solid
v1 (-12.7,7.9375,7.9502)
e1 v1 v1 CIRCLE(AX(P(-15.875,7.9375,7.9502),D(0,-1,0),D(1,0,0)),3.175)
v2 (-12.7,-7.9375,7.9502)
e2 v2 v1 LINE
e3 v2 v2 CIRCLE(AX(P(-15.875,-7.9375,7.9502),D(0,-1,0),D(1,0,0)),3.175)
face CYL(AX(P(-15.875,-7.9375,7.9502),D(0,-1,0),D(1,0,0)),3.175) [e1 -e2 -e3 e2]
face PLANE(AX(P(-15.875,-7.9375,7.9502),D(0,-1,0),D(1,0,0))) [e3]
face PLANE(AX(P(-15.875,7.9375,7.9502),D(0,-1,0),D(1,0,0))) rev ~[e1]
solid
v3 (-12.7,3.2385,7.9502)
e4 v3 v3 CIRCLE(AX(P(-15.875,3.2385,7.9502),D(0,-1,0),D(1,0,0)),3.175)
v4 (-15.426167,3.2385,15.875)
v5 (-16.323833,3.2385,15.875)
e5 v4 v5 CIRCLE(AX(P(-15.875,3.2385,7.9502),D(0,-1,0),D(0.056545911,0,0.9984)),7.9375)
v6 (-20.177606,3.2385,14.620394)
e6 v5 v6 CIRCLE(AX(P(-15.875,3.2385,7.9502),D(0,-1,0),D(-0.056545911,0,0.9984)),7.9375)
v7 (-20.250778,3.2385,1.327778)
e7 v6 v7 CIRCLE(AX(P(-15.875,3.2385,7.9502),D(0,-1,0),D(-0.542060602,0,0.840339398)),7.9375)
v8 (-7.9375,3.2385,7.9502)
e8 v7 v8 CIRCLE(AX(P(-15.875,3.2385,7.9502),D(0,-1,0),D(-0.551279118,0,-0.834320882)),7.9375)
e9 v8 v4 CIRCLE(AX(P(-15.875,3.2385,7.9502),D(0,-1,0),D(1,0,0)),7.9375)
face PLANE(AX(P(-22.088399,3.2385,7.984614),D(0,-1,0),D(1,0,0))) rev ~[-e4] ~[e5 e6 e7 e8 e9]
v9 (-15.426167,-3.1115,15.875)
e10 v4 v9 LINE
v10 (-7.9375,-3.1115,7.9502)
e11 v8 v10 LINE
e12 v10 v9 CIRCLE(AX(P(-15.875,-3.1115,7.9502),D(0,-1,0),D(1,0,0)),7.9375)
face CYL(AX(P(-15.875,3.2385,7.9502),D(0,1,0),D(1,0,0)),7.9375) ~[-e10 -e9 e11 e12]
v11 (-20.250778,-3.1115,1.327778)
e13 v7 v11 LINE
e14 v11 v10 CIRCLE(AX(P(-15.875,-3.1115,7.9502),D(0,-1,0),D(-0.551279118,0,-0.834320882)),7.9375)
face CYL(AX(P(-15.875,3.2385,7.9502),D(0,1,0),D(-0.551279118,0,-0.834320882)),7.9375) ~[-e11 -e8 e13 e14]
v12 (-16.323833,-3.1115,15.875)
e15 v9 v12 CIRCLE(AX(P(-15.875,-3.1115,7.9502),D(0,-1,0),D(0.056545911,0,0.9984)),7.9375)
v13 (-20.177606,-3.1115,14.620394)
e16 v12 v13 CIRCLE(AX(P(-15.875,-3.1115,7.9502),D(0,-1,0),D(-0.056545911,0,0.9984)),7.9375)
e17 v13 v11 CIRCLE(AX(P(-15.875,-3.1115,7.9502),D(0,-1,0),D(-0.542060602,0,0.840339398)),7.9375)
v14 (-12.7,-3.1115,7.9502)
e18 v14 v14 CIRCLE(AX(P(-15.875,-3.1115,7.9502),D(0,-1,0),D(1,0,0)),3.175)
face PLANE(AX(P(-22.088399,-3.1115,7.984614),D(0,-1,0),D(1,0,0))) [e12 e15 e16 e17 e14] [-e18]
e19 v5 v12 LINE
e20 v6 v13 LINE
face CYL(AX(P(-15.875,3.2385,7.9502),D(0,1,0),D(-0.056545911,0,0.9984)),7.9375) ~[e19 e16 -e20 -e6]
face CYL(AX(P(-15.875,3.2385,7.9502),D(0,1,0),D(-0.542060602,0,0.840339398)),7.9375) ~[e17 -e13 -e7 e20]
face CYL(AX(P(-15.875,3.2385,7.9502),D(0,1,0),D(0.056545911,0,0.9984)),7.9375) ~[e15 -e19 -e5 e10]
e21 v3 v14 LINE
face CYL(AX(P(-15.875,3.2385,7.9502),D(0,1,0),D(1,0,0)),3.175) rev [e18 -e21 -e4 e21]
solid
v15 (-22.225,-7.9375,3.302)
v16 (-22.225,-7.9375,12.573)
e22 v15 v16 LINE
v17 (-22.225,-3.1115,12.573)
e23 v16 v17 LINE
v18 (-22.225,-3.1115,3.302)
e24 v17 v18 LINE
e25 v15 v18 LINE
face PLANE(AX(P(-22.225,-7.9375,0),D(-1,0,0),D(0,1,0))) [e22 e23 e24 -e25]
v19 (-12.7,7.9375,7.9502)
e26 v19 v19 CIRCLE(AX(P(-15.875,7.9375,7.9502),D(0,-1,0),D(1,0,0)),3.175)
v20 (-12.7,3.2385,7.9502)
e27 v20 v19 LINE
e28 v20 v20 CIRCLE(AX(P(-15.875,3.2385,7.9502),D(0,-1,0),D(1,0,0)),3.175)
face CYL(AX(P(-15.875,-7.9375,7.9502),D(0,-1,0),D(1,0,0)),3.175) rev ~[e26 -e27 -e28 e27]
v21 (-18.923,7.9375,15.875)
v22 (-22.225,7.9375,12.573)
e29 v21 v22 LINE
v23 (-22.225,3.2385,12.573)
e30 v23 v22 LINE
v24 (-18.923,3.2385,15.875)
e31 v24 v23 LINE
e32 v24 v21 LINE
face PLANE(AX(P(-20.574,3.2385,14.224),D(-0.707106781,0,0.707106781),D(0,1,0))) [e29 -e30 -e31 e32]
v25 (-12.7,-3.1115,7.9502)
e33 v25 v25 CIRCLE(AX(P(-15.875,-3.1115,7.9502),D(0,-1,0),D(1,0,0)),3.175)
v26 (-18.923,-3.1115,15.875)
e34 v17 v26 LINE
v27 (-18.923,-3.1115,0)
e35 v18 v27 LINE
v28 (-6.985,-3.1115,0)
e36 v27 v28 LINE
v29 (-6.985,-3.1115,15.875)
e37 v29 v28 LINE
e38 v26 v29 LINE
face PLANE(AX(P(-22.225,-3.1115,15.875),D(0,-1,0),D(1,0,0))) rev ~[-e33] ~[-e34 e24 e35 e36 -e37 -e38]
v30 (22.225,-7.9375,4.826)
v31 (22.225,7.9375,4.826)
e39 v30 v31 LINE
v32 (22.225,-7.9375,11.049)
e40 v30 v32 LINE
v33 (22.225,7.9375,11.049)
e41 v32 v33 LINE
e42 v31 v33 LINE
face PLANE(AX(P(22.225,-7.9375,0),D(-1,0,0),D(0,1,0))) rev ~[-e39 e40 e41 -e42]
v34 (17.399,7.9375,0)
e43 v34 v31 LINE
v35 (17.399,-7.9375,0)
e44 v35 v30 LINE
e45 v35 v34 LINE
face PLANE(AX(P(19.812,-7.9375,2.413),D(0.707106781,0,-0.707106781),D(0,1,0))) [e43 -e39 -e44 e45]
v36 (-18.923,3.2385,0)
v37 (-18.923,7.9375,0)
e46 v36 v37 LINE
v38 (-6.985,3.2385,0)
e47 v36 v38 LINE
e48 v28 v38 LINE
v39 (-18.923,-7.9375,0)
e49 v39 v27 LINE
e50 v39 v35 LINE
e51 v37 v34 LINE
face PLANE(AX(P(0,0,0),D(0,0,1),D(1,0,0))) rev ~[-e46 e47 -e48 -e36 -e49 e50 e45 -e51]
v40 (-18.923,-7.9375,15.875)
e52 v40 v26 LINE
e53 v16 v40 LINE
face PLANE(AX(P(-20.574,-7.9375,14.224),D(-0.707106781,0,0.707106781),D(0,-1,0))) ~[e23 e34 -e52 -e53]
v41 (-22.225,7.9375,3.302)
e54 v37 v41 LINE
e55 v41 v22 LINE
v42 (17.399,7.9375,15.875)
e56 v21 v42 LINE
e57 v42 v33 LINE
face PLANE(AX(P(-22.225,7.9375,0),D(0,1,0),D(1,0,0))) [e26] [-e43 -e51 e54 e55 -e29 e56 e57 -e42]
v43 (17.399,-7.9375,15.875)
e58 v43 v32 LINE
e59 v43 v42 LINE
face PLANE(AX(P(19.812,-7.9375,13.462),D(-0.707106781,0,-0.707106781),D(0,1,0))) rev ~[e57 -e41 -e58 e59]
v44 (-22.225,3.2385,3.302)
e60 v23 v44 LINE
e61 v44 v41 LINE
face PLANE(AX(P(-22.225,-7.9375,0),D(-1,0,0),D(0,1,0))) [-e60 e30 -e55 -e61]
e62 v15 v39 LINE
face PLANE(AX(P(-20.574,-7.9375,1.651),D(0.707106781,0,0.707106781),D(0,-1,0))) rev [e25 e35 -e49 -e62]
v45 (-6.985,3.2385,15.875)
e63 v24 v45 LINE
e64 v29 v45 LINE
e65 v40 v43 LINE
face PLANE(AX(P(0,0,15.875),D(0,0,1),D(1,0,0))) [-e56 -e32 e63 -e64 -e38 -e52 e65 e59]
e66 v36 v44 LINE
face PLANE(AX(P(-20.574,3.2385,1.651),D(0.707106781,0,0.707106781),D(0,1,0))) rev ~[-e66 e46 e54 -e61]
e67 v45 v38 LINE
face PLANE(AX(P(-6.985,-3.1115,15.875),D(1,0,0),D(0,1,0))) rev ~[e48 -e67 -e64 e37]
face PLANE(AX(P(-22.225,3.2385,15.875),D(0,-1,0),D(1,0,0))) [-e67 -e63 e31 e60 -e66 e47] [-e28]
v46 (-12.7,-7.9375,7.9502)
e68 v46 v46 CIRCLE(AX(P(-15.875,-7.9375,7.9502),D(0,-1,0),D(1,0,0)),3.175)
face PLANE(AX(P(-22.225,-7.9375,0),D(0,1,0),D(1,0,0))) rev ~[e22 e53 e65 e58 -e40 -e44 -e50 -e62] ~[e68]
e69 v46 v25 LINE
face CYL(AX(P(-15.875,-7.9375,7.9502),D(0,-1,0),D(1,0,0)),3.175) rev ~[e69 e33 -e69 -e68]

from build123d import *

# Parameters (mm, degrees)
F0_W      = 44.45
F0_H      = 15.875
F1_DEPTH  = 15.875
F2_W      = 15.24
F2_H      = 6.35
F3_DEPTH  = 15.876
F4_R      = 3.175
F5_DEPTH  = 15.876
F6_SIZE   = 3.302
F7_SIZE   = 4.826
F8_R      = 3.175
F9_DEPTH  = 15.875
F10_R     = 3.175
F11_DEPTH = 6.35


with BuildPart() as f1:
    # F0 (on Top) → F1 (new body)
    with BuildSketch(Plane.XY):
        Rectangle(F0_W, F0_H)
    extrude(amount=F1_DEPTH)

    # F2 (on face) → F3 (cut, through all)
    with BuildSketch(Plane.XY.offset(15.875)):
        with Locations((-14.605, 0.0635)):
            Rectangle(F2_W, F2_H)
    extrude(amount=-F3_DEPTH, mode=Mode.SUBTRACT)

    # F4 (on face) → F5 (cut, through all)
    with BuildSketch(Plane.XZ.offset(7.9375)):
        with Locations((-15.875, 7.9502)):
            Circle(F4_R)
    extrude(amount=-F5_DEPTH, mode=Mode.SUBTRACT)

    # F6
    f6_edges = [f1.edges().sort_by_distance(p)[0] for p in [
        (-22.225, 5.588, 15.875),
        (-22.225, -5.5245, 15.875),
        (-22.225, -5.5245, 0),
        (-22.225, 5.588, 0),
    ]]
    chamfer(f6_edges, length=F6_SIZE)

    # F7
    f7_edges = [f1.edges().sort_by_distance(p)[0] for p in [
        (22.225, 0, 15.875),
        (22.225, 0, 0),
    ]]
    chamfer(f7_edges, length=F7_SIZE)


with BuildPart() as f9:
    # F8 (on face) → F9 (new body)
    with BuildSketch(Plane.XZ.offset(7.9375)):
        with Locations((-15.875, 7.9502)):
            Circle(F8_R)
    extrude(amount=-F9_DEPTH)


with BuildPart() as f11:
    # F10 (on face) → F11 (new body)
    with BuildSketch(Plane.XZ.offset(-3.2385)):
        with BuildLine():
            ThreePointArc((-20.1776060293, 14.6203939707), (-23.8123797424, 7.9938929587), (-20.2507780003, 1.3277780003))
            Line((-20.2507780003, 1.3277780003), (-22.225, 3.302))
            Line((-22.225, 3.302), (-22.225, 12.573))
            Line((-22.225, 12.573), (-20.1776060293, 14.6203939707))
        make_face()
        with BuildLine():
            ThreePointArc((-20.2507780003, 1.3277780003), (-12.1152680699, 0.9596118943), (-7.9375, 7.9502))
            ThreePointArc((-7.9375, 7.9502), (-10.1058354376, 13.4018645624), (-15.426166835, 15.875))
            Line((-15.426166835, 15.875), (-16.323833165, 15.875))
            ThreePointArc((-16.323833165, 15.875), (-18.3321431941, 15.4978058173), (-20.1776060293, 14.6203939707))
            Line((-20.1776060293, 14.6203939707), (-22.225, 12.573))
            Line((-22.225, 12.573), (-22.225, 3.302))
            Line((-22.225, 3.302), (-20.2507780003, 1.3277780003))
        make_face()
        with Locations((-15.875, 7.9502)):
            Circle(F10_R, mode=Mode.SUBTRACT)
        with BuildLine():
            Line((-16.323833165, 15.875), (-15.426166835, 15.875))
            ThreePointArc((-15.426166835, 15.875), (-15.875, 15.8877), (-16.323833165, 15.875))
        make_face()
    extrude(amount=F11_DEPTH)


solid = Compound([f1.part, f9.part, f11.part])
